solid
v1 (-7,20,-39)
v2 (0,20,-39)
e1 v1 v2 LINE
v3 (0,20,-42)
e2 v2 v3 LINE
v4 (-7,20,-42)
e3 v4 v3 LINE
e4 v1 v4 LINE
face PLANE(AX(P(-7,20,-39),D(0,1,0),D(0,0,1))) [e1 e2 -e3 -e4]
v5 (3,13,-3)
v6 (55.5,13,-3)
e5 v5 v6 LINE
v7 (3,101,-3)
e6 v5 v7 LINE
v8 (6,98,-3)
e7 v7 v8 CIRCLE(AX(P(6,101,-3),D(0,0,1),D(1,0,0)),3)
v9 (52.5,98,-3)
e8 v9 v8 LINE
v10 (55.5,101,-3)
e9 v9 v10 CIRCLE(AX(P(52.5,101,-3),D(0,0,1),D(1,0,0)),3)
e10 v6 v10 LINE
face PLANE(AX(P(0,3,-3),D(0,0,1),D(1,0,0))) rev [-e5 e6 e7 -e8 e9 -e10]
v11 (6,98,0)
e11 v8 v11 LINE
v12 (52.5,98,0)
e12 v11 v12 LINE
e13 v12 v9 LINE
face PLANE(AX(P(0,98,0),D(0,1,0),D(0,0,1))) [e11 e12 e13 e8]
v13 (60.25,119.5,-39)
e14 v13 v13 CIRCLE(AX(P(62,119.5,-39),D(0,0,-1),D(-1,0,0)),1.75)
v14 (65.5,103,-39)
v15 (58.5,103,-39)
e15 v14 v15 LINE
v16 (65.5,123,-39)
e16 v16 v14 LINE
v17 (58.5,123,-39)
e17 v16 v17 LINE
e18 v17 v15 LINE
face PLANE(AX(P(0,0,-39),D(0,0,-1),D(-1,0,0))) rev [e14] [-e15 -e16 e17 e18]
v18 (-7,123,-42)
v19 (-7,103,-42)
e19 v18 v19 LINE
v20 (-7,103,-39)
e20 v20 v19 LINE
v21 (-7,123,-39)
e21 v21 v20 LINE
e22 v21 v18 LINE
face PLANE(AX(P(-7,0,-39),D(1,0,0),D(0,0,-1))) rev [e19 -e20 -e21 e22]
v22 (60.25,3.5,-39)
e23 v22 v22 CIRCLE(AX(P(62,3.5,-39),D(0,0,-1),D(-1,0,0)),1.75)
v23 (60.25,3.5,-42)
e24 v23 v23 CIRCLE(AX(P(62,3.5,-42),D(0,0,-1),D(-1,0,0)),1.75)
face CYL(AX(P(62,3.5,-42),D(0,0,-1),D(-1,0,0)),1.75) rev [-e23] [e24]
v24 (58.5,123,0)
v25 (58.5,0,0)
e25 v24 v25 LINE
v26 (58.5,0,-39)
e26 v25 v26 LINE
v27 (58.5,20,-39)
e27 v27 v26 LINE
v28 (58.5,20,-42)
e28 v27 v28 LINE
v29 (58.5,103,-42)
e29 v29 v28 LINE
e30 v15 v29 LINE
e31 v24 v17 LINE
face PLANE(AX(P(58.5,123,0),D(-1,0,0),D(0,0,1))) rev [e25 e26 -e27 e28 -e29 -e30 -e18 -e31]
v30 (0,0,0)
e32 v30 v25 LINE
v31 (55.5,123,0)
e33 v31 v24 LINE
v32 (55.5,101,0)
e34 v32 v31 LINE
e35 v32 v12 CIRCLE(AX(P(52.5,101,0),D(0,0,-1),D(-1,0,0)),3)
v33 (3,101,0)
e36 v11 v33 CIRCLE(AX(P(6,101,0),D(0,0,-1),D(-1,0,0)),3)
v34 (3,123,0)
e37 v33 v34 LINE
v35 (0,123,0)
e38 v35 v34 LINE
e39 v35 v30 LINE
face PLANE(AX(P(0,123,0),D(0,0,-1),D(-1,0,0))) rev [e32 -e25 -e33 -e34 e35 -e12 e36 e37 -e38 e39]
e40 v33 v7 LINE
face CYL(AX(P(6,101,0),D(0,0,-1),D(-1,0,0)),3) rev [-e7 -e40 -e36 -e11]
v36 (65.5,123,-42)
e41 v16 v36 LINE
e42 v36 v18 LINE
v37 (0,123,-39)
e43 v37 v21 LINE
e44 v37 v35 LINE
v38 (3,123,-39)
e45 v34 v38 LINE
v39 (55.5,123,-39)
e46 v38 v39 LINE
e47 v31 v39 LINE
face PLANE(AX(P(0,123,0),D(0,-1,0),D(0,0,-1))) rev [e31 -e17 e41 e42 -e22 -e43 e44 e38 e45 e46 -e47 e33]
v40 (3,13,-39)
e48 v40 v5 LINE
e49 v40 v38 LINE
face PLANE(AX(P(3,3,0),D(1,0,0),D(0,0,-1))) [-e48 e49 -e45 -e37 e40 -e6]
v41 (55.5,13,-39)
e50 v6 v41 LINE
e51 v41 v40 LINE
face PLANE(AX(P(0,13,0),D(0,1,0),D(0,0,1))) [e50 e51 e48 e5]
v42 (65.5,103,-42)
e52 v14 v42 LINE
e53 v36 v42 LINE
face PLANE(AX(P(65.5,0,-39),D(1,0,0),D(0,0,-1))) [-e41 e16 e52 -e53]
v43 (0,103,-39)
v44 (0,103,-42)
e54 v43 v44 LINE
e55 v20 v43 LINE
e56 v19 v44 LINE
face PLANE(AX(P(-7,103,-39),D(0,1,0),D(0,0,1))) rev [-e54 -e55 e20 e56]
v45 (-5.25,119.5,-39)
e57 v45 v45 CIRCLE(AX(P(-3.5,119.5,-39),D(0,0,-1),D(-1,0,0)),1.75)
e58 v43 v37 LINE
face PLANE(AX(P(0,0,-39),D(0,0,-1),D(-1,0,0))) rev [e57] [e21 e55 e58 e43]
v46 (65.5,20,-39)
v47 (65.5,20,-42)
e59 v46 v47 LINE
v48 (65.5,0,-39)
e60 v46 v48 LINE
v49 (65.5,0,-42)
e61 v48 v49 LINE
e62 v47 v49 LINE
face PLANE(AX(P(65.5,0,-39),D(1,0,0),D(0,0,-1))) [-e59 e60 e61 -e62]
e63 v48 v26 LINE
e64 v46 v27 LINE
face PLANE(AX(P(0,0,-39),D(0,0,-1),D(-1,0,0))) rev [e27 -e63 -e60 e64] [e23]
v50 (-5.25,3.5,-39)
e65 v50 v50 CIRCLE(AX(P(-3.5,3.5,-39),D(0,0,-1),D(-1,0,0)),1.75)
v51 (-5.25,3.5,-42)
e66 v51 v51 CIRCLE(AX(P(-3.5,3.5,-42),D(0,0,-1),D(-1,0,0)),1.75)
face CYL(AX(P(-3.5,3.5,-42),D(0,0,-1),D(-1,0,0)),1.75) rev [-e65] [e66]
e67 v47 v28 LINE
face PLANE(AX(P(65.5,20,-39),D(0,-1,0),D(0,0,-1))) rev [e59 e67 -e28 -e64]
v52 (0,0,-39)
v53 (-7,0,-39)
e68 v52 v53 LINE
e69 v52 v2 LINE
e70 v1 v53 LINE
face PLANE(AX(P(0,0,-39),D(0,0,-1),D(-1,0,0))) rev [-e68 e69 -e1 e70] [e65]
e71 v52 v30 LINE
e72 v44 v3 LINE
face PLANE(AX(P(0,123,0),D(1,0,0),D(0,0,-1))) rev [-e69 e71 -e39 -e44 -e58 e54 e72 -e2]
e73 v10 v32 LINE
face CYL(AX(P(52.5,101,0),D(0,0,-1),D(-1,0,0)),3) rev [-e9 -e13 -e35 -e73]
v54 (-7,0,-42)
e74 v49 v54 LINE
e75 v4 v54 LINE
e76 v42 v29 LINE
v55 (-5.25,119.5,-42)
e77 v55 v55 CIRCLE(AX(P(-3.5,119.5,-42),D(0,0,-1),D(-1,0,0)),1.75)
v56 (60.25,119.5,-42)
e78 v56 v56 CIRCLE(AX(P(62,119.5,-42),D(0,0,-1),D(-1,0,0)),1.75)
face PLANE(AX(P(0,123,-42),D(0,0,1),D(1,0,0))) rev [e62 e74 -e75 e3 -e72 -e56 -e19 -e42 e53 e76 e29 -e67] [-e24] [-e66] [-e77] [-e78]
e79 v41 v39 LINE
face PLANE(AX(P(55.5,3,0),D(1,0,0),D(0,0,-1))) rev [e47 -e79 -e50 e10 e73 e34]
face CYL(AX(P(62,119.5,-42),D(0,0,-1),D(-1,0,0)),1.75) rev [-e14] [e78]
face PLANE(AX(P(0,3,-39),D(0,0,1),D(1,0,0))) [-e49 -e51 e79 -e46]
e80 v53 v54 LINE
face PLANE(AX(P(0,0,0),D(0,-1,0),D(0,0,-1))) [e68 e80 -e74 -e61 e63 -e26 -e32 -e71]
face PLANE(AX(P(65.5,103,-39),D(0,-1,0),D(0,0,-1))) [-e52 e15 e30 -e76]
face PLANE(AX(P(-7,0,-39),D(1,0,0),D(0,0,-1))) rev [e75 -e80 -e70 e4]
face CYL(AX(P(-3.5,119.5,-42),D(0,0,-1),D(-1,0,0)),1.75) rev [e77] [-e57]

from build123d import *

# Parameters (mm, degrees)
SKETCH_1_W          = 58.5
SKETCH_1_H          = 42
EXTRUDE_1_DEPTH     = 123
CUT_EXTRUDE_1_DEPTH = 120
SKETCH_3_W          = 52.5
SKETCH_3_H          = 3
CUT_EXTRUDE_2_DEPTH = 25
FILLET_1_R          = 3
SKETCH_4_W          = 7
SKETCH_4_H          = 123
EXTRUDE_2_DEPTH     = 3
HOLE_WIZARD_1_D     = 3.5
SKETCH_7_2_W        = 7
SKETCH_7_2_H        = 83
CUT_EXTRUDE_3_DEPTH = 3
SKETCH_9_W          = 52.5
SKETCH_9_H          = 36
EXTRUDE_3_DEPTH     = 10


with BuildPart() as part:
    # 草图1 → 凸台-拉伸1 (new body)
    with BuildSketch(Plane(origin=(0, 0, 0), x_dir=(1, 0, 0), z_dir=(0, 1, 0))):
        with Locations((29.25, 21)):
            Rectangle(SKETCH_1_W, SKETCH_1_H)
    extrude(amount=EXTRUDE_1_DEPTH)

    # 草图2 → 切除-拉伸1 (cut)
    with BuildSketch(Plane(origin=(0, 123, 0), x_dir=(1, 0, 0), z_dir=(0, 1, 0))):
        Polygon((3, 3), (4.178571429, 3), (54.321428571, 39), (3, 39), align=None)
        Polygon((54.321428571, 39), (4.178571429, 3), (55.5, 3), (55.5, 39), align=None)
    extrude(amount=-CUT_EXTRUDE_1_DEPTH, mode=Mode.SUBTRACT)

    # 草图3 → 切除-拉伸2 (cut)
    with BuildSketch(Plane(origin=(0, 123, 0), x_dir=(1, 0, 0), z_dir=(0, 1, 0))):
        with Locations((29.25, 1.5)):
            Rectangle(SKETCH_3_W, SKETCH_3_H)
    extrude(amount=-CUT_EXTRUDE_2_DEPTH, mode=Mode.SUBTRACT)

    # 圆角1
    fillet_1_edges = [part.edges().sort_by_distance(p)[0] for p in [
        (3, 98, -1.5),
        (55.5, 98, -1.5),
    ]]
    fillet(fillet_1_edges, radius=FILLET_1_R)

    # 草图4 → 凸台-拉伸2 (add)
    with BuildSketch(Plane(origin=(0, 0, -42), x_dir=(-1, 0, 0), z_dir=(0, 0, -1))):
        with Locations((-62, 61.5)):
            Rectangle(SKETCH_4_W, SKETCH_4_H)
        with Locations((3.5, 61.5)):
            Rectangle(SKETCH_4_W, SKETCH_4_H)
    extrude(amount=-EXTRUDE_2_DEPTH)

    # 孔1 (through all)
    with Locations(Plane(origin=(0, 0, -42), x_dir=(-1, 0, 0), z_dir=(0, 0, -1))):
        with Locations((-62, 3.5), (3.5, 3.5), (3.5, 119.5), (-62, 119.5)):
            Hole(HOLE_WIZARD_1_D / 2)

    # Sketch 7 2 → 切除-拉伸3 (cut)
    with BuildSketch(Plane(origin=(0, 0, -42), x_dir=(-1, 0, 0), z_dir=(0, 0, -1))):
        with Locations((3.5, 61.5)):
            Rectangle(SKETCH_7_2_W, SKETCH_7_2_H)
        with Locations((-62, 61.5)):
            Rectangle(SKETCH_7_2_W, SKETCH_7_2_H)
    extrude(amount=-CUT_EXTRUDE_3_DEPTH, mode=Mode.SUBTRACT)

    # 草图9 → 凸台-拉伸3 (add)
    with BuildSketch(Plane(origin=(0, 3, 0), x_dir=(1, 0, 0), z_dir=(0, 1, 0))):
        with Locations((29.25, 21)):
            Rectangle(SKETCH_9_W, SKETCH_9_H)
    extrude(amount=EXTRUDE_3_DEPTH)


solid = part.part
